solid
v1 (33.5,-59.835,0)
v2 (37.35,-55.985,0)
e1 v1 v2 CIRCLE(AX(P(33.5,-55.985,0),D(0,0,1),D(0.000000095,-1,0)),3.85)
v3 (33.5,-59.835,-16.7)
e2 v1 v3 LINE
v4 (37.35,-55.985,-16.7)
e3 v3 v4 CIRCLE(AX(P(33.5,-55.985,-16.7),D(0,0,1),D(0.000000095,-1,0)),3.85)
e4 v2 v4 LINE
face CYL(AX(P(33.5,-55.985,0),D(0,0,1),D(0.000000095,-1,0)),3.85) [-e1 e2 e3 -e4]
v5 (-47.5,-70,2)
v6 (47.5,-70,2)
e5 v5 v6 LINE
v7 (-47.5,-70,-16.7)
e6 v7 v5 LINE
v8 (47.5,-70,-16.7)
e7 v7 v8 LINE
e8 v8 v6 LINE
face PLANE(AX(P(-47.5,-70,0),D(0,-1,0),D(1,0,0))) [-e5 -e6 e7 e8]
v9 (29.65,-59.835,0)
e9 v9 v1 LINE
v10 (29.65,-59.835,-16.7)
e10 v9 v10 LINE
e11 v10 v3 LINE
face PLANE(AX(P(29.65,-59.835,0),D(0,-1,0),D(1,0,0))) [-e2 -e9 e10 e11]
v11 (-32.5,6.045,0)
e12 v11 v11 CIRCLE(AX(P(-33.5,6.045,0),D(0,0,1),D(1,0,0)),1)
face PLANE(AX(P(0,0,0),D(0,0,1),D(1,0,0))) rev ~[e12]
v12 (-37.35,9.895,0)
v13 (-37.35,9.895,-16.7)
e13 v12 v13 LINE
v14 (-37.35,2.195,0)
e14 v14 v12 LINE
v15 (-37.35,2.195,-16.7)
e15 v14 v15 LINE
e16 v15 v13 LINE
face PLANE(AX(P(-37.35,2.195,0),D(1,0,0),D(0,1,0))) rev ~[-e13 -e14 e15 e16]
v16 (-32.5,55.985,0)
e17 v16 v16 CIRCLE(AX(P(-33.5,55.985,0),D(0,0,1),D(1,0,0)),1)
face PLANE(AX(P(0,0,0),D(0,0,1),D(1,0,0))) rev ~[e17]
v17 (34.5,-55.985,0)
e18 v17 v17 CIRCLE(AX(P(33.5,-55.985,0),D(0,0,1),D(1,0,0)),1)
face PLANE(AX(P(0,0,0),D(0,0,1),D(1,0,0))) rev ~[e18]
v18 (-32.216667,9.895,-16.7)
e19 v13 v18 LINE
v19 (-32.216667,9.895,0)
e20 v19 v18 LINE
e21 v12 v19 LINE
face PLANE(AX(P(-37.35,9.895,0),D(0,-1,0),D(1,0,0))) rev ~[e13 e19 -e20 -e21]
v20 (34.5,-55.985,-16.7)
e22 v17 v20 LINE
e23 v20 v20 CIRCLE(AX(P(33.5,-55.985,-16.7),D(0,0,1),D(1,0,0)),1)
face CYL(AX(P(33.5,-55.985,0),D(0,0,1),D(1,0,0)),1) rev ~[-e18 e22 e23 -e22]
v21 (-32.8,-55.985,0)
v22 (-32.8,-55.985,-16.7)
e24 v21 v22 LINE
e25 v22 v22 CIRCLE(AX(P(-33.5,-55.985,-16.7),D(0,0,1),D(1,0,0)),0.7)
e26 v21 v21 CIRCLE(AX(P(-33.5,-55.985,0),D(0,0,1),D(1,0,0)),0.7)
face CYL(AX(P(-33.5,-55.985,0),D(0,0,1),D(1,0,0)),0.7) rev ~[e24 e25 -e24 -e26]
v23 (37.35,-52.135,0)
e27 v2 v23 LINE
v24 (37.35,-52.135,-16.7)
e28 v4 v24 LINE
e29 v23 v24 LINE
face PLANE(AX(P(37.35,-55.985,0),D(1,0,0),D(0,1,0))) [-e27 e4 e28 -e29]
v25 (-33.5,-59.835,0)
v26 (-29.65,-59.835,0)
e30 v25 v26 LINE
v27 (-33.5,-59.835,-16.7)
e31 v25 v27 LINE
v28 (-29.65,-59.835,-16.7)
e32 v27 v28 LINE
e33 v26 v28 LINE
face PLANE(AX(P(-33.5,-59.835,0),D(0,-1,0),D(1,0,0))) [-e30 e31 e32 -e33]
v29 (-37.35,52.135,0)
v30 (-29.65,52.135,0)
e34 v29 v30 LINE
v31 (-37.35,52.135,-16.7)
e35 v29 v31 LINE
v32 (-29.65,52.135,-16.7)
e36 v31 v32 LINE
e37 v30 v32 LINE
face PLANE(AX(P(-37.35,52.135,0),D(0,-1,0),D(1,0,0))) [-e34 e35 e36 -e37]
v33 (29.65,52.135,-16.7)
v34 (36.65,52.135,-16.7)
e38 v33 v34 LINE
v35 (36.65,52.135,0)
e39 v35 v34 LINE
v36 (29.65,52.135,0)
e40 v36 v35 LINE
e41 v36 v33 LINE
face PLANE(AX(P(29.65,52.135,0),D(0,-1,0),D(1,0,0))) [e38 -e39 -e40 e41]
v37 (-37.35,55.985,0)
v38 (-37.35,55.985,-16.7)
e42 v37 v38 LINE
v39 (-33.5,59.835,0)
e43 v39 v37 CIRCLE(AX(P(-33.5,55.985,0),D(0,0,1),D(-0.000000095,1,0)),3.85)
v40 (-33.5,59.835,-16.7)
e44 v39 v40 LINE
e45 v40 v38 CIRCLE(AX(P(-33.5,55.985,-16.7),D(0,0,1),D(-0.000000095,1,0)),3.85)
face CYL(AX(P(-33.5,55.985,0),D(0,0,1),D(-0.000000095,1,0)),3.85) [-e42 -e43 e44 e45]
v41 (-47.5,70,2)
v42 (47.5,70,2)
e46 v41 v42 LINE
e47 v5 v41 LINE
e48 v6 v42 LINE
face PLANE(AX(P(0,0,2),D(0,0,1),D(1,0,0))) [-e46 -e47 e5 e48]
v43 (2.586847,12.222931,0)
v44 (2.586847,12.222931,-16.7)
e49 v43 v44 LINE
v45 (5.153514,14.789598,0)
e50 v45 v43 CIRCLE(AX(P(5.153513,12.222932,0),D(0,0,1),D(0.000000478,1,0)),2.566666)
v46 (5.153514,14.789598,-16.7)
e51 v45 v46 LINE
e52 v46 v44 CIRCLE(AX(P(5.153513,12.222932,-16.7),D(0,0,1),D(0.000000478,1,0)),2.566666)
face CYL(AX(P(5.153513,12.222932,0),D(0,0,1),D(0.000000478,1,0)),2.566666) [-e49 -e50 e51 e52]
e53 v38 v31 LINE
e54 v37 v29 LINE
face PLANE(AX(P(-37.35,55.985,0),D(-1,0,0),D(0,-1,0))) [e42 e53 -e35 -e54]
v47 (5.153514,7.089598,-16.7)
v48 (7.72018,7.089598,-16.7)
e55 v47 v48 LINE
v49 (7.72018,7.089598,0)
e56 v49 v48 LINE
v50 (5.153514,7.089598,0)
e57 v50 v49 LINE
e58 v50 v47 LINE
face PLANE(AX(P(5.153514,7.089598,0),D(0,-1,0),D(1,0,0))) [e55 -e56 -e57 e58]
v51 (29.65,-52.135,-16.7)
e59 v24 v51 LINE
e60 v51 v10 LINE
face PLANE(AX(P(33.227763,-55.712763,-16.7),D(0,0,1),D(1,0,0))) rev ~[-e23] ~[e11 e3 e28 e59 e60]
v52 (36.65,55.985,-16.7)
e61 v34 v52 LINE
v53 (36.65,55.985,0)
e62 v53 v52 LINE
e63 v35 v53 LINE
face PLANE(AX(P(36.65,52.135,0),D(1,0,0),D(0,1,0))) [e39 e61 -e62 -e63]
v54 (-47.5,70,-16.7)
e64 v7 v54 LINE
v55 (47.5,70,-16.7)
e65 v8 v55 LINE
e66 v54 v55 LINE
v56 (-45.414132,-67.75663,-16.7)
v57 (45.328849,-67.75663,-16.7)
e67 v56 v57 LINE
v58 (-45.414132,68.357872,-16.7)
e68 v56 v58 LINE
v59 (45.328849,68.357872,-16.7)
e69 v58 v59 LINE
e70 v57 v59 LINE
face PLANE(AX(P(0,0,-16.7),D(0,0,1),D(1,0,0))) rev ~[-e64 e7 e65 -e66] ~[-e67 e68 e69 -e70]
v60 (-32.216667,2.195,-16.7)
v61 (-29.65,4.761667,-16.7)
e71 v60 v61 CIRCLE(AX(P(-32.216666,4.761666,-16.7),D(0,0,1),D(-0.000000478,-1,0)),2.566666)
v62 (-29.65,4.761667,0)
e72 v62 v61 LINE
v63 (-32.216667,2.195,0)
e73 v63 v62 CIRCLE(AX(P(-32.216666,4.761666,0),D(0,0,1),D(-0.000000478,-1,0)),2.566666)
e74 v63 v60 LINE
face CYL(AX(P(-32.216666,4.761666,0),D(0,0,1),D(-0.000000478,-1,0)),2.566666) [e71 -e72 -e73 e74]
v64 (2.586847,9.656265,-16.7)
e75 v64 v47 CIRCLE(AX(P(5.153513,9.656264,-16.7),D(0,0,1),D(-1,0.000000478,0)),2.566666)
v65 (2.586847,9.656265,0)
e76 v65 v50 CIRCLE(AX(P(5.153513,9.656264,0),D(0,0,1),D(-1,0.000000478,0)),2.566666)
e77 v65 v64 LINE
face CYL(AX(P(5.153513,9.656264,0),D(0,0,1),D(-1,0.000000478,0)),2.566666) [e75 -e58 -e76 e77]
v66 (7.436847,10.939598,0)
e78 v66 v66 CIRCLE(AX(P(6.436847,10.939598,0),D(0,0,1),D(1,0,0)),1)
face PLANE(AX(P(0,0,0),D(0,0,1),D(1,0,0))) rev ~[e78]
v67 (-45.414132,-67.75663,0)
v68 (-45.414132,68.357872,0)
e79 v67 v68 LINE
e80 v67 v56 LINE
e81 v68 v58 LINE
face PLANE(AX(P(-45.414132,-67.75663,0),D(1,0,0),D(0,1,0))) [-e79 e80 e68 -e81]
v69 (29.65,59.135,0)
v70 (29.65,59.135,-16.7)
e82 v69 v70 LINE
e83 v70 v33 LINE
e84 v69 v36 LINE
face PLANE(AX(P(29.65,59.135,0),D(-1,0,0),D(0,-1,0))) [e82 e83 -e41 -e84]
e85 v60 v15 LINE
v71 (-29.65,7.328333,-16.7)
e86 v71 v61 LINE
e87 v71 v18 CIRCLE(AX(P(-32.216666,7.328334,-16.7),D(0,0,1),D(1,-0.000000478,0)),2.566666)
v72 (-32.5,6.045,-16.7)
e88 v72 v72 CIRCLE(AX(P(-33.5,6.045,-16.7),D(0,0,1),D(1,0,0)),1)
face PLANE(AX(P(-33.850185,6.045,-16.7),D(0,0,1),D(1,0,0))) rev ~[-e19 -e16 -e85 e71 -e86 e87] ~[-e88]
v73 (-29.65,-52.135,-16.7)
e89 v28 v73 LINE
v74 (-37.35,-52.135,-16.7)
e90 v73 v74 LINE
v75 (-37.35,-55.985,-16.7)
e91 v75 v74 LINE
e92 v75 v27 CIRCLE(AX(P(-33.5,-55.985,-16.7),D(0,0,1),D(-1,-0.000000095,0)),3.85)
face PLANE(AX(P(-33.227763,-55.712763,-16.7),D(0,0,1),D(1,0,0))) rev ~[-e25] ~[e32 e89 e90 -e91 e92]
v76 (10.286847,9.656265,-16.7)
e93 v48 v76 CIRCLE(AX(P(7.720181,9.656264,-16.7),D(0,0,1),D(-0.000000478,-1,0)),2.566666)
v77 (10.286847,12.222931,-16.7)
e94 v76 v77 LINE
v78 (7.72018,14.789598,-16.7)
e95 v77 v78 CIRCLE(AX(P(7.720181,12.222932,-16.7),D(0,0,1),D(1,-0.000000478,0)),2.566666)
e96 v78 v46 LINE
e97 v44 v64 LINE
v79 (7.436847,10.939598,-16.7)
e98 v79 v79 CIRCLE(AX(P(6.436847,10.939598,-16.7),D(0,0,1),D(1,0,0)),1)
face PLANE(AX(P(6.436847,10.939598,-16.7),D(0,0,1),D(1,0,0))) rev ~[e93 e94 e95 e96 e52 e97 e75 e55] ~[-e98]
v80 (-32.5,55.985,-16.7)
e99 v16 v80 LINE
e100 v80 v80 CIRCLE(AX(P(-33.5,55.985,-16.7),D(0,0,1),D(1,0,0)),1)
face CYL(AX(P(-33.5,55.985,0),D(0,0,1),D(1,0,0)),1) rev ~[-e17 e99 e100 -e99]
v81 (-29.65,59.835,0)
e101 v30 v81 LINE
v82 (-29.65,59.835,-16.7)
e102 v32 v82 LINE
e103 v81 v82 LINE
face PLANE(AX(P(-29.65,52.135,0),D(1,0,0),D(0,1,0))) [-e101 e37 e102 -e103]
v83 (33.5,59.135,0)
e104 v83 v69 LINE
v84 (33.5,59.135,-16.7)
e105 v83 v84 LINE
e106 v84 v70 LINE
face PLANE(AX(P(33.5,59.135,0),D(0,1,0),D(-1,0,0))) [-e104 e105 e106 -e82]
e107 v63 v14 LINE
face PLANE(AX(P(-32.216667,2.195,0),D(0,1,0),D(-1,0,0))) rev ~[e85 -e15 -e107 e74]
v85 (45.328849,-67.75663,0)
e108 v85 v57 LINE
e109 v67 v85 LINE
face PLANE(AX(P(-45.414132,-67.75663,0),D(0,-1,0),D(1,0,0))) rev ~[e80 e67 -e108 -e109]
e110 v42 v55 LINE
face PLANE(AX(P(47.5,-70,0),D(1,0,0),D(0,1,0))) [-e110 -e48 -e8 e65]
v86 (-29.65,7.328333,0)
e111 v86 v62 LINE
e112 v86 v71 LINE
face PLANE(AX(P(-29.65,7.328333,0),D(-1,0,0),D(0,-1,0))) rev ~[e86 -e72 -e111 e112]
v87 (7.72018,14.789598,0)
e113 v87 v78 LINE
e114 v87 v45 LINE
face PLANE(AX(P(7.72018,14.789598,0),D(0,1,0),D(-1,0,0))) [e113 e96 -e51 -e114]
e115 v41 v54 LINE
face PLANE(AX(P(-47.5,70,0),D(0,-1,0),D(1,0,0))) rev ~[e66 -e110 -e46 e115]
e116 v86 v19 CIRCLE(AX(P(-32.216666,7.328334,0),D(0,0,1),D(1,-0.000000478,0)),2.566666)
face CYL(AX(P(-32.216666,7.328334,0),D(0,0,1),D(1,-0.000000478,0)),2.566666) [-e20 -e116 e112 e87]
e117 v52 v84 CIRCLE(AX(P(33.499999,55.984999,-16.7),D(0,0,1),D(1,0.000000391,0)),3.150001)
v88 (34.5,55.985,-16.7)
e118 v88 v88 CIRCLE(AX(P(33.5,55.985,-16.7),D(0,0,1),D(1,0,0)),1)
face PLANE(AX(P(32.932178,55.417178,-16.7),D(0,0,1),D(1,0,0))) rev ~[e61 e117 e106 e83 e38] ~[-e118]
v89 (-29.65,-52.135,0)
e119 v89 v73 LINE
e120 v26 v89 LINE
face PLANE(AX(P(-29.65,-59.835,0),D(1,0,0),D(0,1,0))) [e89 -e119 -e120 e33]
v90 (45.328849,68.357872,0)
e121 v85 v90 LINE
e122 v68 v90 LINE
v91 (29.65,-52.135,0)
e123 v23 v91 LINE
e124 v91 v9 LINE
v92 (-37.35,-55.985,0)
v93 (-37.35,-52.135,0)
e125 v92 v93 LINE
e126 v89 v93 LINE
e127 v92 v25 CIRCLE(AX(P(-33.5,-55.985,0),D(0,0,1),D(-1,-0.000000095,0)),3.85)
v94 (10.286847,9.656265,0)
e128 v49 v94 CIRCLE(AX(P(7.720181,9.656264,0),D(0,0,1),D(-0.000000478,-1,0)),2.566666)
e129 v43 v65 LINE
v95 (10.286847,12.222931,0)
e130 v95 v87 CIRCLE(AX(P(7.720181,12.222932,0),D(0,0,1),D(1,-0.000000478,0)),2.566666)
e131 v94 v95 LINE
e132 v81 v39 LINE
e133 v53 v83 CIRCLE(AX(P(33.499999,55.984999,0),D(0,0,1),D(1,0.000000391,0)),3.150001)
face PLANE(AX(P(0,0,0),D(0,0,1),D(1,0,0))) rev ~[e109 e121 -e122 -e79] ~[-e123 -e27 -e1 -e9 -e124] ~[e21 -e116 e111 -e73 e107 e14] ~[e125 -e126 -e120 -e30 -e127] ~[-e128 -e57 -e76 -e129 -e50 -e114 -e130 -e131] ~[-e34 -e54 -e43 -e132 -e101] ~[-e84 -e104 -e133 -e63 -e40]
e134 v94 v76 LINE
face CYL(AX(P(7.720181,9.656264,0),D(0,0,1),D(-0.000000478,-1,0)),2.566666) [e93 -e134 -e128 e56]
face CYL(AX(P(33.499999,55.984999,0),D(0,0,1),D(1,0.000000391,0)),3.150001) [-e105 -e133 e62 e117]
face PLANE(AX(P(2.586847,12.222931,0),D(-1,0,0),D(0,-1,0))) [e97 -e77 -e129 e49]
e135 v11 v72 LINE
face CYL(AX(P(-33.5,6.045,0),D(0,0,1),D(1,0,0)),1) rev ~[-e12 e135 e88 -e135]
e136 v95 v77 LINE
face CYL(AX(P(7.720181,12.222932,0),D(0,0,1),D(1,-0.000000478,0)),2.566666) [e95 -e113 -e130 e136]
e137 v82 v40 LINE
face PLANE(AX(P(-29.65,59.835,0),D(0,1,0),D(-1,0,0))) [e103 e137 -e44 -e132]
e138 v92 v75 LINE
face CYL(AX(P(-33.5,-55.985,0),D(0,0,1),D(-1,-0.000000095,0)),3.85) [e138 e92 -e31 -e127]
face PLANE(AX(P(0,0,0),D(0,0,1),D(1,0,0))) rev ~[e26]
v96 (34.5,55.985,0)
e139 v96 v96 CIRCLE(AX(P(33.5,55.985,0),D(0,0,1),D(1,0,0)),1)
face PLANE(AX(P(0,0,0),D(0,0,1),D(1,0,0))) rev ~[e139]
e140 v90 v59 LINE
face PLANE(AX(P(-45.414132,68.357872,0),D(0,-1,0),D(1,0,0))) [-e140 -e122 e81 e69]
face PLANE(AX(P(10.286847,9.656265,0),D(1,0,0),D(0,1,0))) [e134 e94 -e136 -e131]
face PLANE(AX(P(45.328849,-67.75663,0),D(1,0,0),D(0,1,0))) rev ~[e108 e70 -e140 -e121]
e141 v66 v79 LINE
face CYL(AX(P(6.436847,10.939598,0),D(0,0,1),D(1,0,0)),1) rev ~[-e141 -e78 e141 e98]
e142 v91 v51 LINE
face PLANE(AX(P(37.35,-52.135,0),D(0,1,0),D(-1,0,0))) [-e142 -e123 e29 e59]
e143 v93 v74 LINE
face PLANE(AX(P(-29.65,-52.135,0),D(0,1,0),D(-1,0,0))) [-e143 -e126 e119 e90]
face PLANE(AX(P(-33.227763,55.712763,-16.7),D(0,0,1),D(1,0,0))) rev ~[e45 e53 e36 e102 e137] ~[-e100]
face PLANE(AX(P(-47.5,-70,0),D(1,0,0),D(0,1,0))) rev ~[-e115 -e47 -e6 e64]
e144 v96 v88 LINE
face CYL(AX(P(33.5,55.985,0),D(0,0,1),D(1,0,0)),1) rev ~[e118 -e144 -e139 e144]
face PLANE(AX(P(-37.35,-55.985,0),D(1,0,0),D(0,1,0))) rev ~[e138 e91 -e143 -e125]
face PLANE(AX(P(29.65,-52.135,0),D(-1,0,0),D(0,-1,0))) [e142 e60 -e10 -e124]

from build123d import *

# Parameters (mm, degrees)
SKETCH002_W   = 95
SKETCH002_H   = 140
PAD_DEPTH     = 2
SKETCH001_W   = 95
SKETCH001_H   = 140
SKETCH001_W_2 = 90.742981
SKETCH001_H_2 = 136.114502
SKETCH001_R   = 1
SKETCH001_R_2 = 0.7
PAD001_DEPTH  = 16.7


with BuildPart() as part:
    # Sketch002 → Pad (new body)
    with BuildSketch(Plane.XY):
        Rectangle(SKETCH002_W, SKETCH002_H)
    extrude(amount=PAD_DEPTH)

    # Sketch001 → Pad001 (join)
    with BuildSketch(Plane.XY):
        Rectangle(SKETCH001_W, SKETCH001_H)
        with Locations((-0.042641, 0.300621)):
            Rectangle(SKETCH001_W_2, SKETCH001_H_2, mode=Mode.SUBTRACT)
        with BuildLine():
            ThreePointArc((-33.5, 59.835), (-36.222361, 58.707361), (-37.35, 55.985))
            Line((-37.35, 55.985), (-37.35, 52.135))
            Line((-37.35, 52.135), (-29.65, 52.135))
            Line((-29.65, 52.135), (-29.65, 59.835))
            Line((-29.65, 59.835), (-33.5, 59.835))
        make_face()
        with Locations((-33.5, 55.985)):
            Circle(SKETCH001_R, mode=Mode.SUBTRACT)
        with BuildLine():
            ThreePointArc((36.65, 55.985), (35.727386, 58.212386), (33.5, 59.135))
            Line((33.5, 59.135), (29.65, 59.135))
            Line((29.65, 59.135), (29.65, 52.135))
            Line((29.65, 52.135), (36.65, 52.135))
            Line((36.65, 52.135), (36.65, 55.985))
        make_face()
        with Locations((33.5, 55.985)):
            Circle(SKETCH001_R, mode=Mode.SUBTRACT)
        with BuildLine():
            Line((37.35, -52.135), (29.65, -52.135))
            Line((29.65, -52.135), (29.65, -59.835))
            Line((29.65, -59.835), (33.5, -59.835))
            ThreePointArc((33.5, -59.835), (36.222361, -58.707361), (37.35, -55.985))
            Line((37.35, -55.985), (37.35, -52.135))
        make_face()
        with Locations((33.5, -55.985)):
            Circle(SKETCH001_R, mode=Mode.SUBTRACT)
        with BuildLine():
            Line((-33.5, -59.835), (-29.65, -59.835))
            Line((-29.65, -59.835), (-29.65, -52.135))
            Line((-29.65, -52.135), (-37.35, -52.135))
            Line((-37.35, -55.985), (-37.35, -52.135))
            ThreePointArc((-37.35, -55.985), (-36.222361, -58.707361), (-33.5, -59.835))
        make_face()
        with Locations((-33.5, -55.985)):
            Circle(SKETCH001_R_2, mode=Mode.SUBTRACT)
        with BuildLine():
            ThreePointArc((-29.65, 7.328333), (-30.401759, 9.143241), (-32.216667, 9.895))
            Line((-37.35, 9.895), (-32.216667, 9.895))
            Line((-37.35, 2.195), (-37.35, 9.895))
            Line((-32.216667, 2.195), (-37.35, 2.195))
            ThreePointArc((-32.216667, 2.195), (-30.401759, 2.946759), (-29.65, 4.761667))
            Line((-29.65, 7.328333), (-29.65, 4.761667))
        make_face()
        with Locations((-33.5, 6.045)):
            Circle(SKETCH001_R, mode=Mode.SUBTRACT)
        with BuildLine():
            Line((2.586847, 12.222931), (2.586847, 9.656265))
            ThreePointArc((2.586847, 9.656265), (3.338606, 7.841357), (5.153514, 7.089598))
            Line((5.153514, 7.089598), (7.72018, 7.089598))
            ThreePointArc((7.72018, 7.089598), (9.535088, 7.841357), (10.286847, 9.656265))
            Line((10.286847, 9.656265), (10.286847, 12.222931))
            ThreePointArc((10.286847, 12.222931), (9.535088, 14.037839), (7.72018, 14.789598))
            Line((7.72018, 14.789598), (5.153514, 14.789598))
            ThreePointArc((5.153514, 14.789598), (3.338606, 14.037839), (2.586847, 12.222931))
        make_face()
        with Locations((6.436847, 10.939598)):
            Circle(SKETCH001_R, mode=Mode.SUBTRACT)
    extrude(amount=-PAD001_DEPTH)


solid = part.part
